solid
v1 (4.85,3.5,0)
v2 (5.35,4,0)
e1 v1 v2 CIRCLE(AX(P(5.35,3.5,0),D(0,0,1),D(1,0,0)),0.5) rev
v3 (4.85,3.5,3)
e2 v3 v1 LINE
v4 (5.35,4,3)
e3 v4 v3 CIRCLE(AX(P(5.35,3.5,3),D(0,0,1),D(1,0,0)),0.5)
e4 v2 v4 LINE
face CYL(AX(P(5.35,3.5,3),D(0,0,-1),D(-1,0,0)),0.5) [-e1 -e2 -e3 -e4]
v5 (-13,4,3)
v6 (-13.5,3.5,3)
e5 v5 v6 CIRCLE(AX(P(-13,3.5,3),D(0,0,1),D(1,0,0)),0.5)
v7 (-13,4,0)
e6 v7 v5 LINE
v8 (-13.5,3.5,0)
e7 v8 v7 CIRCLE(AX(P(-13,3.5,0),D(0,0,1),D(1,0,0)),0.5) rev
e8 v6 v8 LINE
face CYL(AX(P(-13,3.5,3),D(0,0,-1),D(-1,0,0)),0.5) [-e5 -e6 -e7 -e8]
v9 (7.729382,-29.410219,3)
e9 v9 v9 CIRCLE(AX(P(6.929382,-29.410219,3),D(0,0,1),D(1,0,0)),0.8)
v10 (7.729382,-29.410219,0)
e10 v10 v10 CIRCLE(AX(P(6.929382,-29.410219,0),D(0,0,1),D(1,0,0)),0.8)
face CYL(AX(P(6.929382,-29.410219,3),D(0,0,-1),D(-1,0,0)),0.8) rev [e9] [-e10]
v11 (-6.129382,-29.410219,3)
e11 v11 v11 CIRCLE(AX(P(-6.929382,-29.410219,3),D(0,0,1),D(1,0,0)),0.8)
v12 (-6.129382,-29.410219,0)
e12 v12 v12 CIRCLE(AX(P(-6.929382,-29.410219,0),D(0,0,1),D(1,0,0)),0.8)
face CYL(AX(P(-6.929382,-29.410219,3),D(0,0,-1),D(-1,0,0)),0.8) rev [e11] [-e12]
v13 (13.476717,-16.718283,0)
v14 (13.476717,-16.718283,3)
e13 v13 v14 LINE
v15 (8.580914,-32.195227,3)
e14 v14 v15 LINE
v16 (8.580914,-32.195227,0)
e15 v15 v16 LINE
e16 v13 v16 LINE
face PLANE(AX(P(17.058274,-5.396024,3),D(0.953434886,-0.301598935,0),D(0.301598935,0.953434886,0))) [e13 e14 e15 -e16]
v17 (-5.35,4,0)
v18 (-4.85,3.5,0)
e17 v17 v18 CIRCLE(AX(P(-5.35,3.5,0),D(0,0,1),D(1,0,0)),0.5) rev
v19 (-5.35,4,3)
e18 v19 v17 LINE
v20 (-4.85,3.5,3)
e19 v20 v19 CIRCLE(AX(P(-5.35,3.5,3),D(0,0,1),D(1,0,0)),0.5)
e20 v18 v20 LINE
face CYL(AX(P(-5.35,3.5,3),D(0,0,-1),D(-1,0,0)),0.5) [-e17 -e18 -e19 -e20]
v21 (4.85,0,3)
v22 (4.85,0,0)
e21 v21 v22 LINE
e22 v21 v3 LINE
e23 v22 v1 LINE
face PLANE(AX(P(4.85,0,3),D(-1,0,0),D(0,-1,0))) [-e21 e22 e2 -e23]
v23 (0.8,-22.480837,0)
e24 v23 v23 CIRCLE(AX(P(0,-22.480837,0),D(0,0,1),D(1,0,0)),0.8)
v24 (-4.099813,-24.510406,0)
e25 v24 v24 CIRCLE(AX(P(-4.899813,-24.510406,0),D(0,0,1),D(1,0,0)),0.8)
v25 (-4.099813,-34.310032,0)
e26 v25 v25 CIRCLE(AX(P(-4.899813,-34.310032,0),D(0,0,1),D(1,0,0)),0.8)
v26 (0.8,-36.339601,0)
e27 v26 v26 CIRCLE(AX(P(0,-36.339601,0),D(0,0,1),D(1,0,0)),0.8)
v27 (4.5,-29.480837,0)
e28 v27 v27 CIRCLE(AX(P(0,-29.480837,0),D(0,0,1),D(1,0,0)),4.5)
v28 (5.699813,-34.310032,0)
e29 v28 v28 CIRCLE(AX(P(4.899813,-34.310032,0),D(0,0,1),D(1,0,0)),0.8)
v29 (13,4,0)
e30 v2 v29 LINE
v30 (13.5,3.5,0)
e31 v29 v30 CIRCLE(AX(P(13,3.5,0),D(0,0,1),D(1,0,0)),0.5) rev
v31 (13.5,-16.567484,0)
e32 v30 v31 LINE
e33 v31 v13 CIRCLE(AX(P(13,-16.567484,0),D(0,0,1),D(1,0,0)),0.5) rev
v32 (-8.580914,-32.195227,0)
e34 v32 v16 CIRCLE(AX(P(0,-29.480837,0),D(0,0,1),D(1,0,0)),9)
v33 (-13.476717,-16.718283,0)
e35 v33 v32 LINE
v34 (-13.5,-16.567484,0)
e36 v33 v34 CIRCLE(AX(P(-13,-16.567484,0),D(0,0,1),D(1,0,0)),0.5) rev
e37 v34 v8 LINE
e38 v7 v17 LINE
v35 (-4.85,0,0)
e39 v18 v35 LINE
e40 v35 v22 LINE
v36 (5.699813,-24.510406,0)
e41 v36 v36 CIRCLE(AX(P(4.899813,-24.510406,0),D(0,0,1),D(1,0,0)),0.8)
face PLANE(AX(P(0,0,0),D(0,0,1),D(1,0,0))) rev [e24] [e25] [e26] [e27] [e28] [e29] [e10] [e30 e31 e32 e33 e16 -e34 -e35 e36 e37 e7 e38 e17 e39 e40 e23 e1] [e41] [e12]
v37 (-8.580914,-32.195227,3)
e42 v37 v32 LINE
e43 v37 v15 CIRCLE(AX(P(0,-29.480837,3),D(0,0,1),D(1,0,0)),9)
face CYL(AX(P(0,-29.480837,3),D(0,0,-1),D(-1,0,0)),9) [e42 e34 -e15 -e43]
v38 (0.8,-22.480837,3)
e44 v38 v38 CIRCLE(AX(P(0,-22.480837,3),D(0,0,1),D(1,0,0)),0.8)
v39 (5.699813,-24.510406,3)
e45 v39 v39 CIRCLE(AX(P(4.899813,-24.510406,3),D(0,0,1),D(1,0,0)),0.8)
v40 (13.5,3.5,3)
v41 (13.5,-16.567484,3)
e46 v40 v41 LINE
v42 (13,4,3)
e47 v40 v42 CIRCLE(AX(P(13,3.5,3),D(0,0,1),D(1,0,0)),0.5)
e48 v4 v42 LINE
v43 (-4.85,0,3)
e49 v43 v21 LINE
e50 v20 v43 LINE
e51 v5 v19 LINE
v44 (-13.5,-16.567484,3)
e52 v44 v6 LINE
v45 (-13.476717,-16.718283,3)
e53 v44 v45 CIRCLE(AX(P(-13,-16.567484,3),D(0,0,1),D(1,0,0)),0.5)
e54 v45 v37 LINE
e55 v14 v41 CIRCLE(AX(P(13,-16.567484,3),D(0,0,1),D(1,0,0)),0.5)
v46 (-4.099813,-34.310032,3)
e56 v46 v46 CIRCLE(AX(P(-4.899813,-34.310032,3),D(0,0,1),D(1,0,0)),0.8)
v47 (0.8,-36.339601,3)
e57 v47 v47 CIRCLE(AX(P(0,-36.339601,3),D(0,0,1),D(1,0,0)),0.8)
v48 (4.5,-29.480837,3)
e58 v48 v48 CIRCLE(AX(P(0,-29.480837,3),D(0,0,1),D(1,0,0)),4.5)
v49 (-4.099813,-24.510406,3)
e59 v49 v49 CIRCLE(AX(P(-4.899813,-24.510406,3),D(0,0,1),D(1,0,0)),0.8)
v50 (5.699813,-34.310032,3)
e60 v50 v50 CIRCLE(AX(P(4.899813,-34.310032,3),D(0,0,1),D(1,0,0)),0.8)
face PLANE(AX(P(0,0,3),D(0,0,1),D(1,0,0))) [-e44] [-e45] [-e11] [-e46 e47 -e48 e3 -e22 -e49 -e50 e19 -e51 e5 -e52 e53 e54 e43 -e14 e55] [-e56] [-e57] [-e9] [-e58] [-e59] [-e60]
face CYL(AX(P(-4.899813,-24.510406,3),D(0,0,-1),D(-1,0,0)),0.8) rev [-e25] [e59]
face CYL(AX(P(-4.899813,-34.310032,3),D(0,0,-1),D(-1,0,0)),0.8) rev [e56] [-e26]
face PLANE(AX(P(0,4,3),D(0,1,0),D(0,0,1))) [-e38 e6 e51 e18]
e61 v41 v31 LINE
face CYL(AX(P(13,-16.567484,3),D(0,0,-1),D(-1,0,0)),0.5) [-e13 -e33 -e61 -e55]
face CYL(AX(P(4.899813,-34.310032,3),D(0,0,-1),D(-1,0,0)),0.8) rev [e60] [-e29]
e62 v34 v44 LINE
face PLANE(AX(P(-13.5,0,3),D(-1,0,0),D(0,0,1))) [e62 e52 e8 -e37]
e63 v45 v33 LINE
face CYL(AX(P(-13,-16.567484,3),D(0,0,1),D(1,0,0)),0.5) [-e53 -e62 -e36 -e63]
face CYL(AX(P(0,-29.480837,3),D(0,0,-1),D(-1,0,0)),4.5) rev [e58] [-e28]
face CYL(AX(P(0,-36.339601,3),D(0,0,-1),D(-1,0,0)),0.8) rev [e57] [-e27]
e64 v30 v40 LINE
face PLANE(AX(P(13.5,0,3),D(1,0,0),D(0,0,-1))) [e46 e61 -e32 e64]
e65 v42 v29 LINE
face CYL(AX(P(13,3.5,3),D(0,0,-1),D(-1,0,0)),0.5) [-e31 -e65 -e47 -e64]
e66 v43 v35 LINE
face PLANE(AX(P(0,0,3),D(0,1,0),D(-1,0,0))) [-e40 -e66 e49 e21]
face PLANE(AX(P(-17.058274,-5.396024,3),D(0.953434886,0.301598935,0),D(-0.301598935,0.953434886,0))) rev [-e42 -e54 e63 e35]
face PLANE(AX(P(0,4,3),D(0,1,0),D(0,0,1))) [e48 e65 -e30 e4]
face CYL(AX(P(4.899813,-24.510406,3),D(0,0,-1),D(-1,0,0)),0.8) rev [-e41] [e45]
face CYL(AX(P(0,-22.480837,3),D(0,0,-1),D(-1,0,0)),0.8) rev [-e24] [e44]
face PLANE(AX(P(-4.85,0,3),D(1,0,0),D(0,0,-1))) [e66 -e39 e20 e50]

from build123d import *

# Parameters (mm, degrees)
ESQUISSE1_R        = 0.8
BOSS_EXTRU_1_DEPTH = 3
CONG_1_R           = 0.5


with BuildPart() as part:
    # Esquisse1 → Boss.-Extru.1 (new body)
    # profile 1 of 4: a face of its own
    with BuildSketch(Plane.XY):
        with BuildLine():
            Line((-13.5, 4), (-13.5, 0))
            Line((-13.5, 0), (-13.5, -16.644680961))
            Line((-13.5, -16.644680961), (-8.580913976, -32.195227318))
            ThreePointArc((-8.580913976, -32.195227318), (-7.260492881, -24.162449633), (0, -20.4808369))
            Line((0, -20.4808369), (0, 0))
            Line((0, 0), (-4.85, 0))
            Line((-4.85, 0), (-4.85, 4))
            Line((-4.85, 4), (-13.5, 4))
        make_face()
    # profile 2 of 4: a face of its own
    with BuildSketch(Plane.XY):
        with BuildLine():
            Line((0, 0), (0, -20.4808369))
            ThreePointArc((0, -20.4808369), (6.363961031, -23.11687587), (9, -29.4808369))
            ThreePointArc((9, -29.4808369), (8.894611453, -30.85411295), (8.580913976, -32.195227318))
            Line((8.580913976, -32.195227318), (13.5, -16.644680961))
            Line((13.5, -16.644680961), (13.5, 0))
            Line((13.5, 0), (13.5, 4))
            Line((13.5, 4), (4.85, 4))
            Line((4.85, 4), (4.85, 0))
            Line((4.85, 0), (0, 0))
        make_face()
    # profile 3 of 4: a face of its own
    with BuildSketch(Plane.XY):
        with BuildLine():
            ThreePointArc((9, -29.4808369), (6.363961031, -23.11687587), (0, -20.4808369))
            Line((0, -20.4808369), (0, -21.6808369))
            ThreePointArc((0, -21.6808369), (0.565685425, -21.915151475), (0.8, -22.4808369))
            ThreePointArc((0.8, -22.4808369), (0.565685425, -23.046522325), (0, -23.2808369))
            Line((0, -23.2808369), (0, -24.9808369))
            ThreePointArc((0, -24.9808369), (3.181980515, -26.298856385), (4.5, -29.4808369))
            ThreePointArc((4.5, -29.4808369), (3.181980515, -32.662817416), (0, -33.9808369))
            Line((0, -33.9808369), (0, -35.539601481))
            ThreePointArc((0, -35.539601481), (0.565685425, -35.773916056), (0.8, -36.339601481))
            ThreePointArc((0.8, -36.339601481), (0.565685425, -36.905286906), (0, -37.139601481))
            Line((0, -37.139601481), (0, -38.4808369))
            ThreePointArc((0, -38.4808369), (5.318387267, -36.741329781), (8.580913976, -32.195227318))
            ThreePointArc((8.580913976, -32.195227318), (8.894611453, -30.85411295), (9, -29.4808369))
        make_face()
        with Locations((4.899813207, -34.310032397)):
            Circle(ESQUISSE1_R, mode=Mode.SUBTRACT)
        with Locations((6.92938229, -29.410219191)):
            Circle(ESQUISSE1_R, mode=Mode.SUBTRACT)
        with Locations((4.899813207, -24.510405984)):
            Circle(ESQUISSE1_R, mode=Mode.SUBTRACT)
    # profile 4 of 4: a face of its own
    with BuildSketch(Plane.XY):
        with BuildLine():
            ThreePointArc((0, -20.4808369), (-7.260492881, -24.162449633), (-8.580913976, -32.195227318))
            ThreePointArc((-8.580913976, -32.195227318), (-5.318387267, -36.741329781), (0, -38.4808369))
            Line((0, -38.4808369), (0, -37.139601481))
            ThreePointArc((0, -37.139601481), (-0.8, -36.339601481), (0, -35.539601481))
            Line((0, -35.539601481), (0, -33.9808369))
            ThreePointArc((0, -33.9808369), (-4.5, -29.4808369), (0, -24.9808369))
            Line((0, -24.9808369), (0, -23.2808369))
            ThreePointArc((0, -23.2808369), (-0.8, -22.4808369), (0, -21.6808369))
            Line((0, -21.6808369), (0, -20.4808369))
        make_face()
        with Locations((-6.92938229, -29.410219191)):
            Circle(ESQUISSE1_R, mode=Mode.SUBTRACT)
        with Locations((-4.899813207, -34.310032397)):
            Circle(ESQUISSE1_R, mode=Mode.SUBTRACT)
        with Locations((-4.899813207, -24.510405984)):
            Circle(ESQUISSE1_R, mode=Mode.SUBTRACT)
    extrude(amount=BOSS_EXTRU_1_DEPTH)

    # Congé1
    cong_1_edges = [part.edges().sort_by_distance(p)[0] for p in [
        (-13.5, -16.644680961, 1.5),
        (-13.5, 4, 1.5),
        (-4.85, 4, 1.5),
        (4.85, 4, 1.5),
        (13.5, 4, 1.5),
        (13.5, -16.644680961, 1.5),
    ]]
    fillet(cong_1_edges, radius=CONG_1_R)


solid = part.part
